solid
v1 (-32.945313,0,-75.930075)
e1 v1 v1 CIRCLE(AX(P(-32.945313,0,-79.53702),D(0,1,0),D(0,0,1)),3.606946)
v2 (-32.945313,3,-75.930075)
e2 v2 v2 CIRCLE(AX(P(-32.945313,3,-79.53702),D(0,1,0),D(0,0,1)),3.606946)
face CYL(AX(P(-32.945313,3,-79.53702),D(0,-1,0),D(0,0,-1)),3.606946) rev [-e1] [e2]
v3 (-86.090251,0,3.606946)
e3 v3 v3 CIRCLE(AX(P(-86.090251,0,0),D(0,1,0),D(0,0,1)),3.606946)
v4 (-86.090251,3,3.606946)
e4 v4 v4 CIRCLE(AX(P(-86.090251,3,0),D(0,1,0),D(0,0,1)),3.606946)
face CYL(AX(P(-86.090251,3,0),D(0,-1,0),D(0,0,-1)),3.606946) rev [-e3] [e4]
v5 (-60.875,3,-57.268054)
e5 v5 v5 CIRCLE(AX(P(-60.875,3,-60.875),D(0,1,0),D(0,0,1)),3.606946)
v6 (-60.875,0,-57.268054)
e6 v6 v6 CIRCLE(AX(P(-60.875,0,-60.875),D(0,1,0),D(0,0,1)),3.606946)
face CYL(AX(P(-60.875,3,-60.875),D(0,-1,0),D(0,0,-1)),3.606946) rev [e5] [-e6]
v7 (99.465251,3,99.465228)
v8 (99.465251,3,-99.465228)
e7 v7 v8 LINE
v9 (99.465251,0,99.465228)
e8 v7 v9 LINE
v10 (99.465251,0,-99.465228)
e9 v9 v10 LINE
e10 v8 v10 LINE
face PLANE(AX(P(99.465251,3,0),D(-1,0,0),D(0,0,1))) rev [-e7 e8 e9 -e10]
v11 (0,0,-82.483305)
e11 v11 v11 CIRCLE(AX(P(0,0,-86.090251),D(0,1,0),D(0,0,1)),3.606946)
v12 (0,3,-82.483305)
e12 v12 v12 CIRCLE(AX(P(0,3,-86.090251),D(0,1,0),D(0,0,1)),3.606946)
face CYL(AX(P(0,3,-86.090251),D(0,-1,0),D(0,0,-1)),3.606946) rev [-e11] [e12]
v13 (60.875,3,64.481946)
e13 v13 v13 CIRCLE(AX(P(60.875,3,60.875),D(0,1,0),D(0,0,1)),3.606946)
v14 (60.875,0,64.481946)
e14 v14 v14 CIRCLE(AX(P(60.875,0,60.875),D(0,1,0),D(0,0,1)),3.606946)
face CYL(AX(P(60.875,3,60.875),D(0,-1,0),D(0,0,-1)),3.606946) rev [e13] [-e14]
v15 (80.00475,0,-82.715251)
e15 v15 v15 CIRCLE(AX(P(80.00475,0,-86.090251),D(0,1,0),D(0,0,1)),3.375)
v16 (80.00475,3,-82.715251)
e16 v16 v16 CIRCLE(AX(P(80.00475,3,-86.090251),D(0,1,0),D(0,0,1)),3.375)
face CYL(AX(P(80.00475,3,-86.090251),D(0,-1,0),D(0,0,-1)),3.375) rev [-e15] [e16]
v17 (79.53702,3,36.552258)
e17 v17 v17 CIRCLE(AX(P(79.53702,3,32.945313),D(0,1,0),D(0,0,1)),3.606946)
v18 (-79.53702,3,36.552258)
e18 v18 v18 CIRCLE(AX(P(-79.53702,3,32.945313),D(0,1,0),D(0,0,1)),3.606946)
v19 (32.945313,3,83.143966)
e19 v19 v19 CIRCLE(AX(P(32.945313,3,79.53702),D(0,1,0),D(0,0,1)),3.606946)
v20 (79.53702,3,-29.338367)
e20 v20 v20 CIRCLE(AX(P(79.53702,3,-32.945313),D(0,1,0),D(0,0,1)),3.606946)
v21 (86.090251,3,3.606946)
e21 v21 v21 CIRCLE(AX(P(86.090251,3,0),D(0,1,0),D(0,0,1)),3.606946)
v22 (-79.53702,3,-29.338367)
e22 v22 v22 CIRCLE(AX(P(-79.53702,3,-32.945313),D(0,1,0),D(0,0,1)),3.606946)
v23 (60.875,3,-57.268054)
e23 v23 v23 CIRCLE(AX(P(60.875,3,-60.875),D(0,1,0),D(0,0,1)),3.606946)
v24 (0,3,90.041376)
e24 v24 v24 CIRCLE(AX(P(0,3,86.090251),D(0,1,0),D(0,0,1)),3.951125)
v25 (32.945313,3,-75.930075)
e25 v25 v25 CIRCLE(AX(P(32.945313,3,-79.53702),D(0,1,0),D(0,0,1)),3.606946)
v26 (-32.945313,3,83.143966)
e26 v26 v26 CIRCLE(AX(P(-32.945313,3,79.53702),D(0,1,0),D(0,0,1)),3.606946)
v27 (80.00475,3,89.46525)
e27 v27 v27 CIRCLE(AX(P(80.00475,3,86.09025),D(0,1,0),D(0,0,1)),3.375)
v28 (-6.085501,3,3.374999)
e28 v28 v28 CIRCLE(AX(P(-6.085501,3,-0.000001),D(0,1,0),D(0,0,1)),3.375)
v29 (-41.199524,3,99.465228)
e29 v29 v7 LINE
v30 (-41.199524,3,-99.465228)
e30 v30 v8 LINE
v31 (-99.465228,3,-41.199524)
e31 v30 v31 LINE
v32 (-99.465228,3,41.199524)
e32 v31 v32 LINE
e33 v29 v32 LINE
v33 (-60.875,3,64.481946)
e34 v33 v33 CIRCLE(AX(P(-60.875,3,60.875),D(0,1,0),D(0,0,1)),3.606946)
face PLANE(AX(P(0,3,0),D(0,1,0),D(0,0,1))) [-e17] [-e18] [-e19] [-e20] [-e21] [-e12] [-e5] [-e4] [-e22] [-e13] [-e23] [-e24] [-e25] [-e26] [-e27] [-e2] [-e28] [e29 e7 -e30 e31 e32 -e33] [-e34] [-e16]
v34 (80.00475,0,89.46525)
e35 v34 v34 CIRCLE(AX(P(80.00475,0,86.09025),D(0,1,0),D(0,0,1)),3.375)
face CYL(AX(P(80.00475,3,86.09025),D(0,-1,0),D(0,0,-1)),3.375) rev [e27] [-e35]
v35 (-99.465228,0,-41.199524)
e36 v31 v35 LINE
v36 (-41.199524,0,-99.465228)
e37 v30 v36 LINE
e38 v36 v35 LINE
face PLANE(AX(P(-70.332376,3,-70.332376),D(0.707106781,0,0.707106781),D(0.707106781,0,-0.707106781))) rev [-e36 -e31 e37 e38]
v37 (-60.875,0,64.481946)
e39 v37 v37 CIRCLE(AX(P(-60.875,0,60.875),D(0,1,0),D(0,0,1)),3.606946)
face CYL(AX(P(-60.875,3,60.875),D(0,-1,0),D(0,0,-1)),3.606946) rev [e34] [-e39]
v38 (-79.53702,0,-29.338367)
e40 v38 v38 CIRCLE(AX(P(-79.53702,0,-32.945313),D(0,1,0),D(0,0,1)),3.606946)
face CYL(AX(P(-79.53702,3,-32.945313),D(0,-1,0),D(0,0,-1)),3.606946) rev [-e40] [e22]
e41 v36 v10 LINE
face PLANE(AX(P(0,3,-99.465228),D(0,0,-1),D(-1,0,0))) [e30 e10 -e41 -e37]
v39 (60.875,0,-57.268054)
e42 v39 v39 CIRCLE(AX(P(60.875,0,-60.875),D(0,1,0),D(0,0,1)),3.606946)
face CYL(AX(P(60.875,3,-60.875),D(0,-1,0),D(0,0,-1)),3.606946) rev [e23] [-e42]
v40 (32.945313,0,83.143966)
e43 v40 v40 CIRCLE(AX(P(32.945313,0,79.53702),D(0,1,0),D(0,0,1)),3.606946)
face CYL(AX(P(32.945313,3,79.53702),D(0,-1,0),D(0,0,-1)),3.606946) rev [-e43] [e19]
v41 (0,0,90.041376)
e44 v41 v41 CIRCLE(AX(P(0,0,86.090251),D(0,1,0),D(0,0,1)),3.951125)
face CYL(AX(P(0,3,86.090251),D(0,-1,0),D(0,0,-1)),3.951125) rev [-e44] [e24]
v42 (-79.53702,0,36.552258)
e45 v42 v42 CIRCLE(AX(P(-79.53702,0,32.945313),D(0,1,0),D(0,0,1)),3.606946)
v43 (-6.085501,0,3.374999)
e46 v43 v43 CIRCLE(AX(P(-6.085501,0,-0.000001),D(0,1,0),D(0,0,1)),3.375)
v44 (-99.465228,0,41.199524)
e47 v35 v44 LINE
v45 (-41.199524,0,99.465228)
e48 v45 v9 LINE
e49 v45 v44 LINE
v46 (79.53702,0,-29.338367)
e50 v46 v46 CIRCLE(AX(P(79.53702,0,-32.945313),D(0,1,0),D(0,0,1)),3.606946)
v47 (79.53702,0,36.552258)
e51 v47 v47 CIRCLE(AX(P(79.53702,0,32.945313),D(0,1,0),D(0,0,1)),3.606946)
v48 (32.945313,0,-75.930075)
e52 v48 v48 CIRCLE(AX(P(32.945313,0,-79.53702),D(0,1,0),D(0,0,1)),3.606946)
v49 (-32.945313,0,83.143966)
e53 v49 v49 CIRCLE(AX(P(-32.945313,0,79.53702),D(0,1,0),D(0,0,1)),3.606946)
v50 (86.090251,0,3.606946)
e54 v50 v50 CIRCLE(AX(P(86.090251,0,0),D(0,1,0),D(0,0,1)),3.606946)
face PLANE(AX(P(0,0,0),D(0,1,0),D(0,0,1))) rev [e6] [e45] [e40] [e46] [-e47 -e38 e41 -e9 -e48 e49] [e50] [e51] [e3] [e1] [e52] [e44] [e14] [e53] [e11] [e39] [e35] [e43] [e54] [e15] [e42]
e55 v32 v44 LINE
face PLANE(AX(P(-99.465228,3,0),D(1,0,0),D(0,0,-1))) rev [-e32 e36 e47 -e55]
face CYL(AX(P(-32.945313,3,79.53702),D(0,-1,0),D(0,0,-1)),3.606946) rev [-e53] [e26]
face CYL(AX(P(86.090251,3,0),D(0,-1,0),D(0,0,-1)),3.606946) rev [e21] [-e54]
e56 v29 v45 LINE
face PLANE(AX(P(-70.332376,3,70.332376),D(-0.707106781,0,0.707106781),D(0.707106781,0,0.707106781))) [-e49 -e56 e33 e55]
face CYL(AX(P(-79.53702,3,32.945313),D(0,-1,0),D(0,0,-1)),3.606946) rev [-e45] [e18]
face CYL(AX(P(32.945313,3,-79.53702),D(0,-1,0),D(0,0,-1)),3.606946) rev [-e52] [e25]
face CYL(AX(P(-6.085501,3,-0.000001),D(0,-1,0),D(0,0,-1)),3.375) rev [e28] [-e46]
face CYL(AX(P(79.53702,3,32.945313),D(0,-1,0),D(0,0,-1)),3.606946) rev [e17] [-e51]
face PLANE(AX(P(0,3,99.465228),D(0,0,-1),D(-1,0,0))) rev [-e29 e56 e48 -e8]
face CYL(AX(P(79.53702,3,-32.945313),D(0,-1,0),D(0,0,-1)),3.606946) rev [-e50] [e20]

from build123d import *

# Parameters (mm, degrees)
SKETCH1_R           = 3.374999999
SKETCH1_R_2         = 3.375000001
SKETCH1_R_3         = 3.375000002
SKETCH1_R_4         = 3.606945722
SKETCH1_R_5         = 3.951125178
BOSS_EXTRUDE1_DEPTH = 3


with BuildPart() as part:
    # Sketch1 → Boss-Extrude1 (new body)
    with BuildSketch(Plane(origin=(0, 0, 0), x_dir=(1, 0, 0), z_dir=(0, 1, 0))):
        Polygon((-41.199524293, -99.465227688), (-99.465227688, -41.199524293), (-99.465250609, 41.199501372), (-41.199524293, 99.465227688), (99.465250609, 99.465227688), (99.465250609, -99.465227688), align=None)
        with Locations((80.004750061, 86.09025128)):
            Circle(SKETCH1_R, mode=Mode.SUBTRACT)
        with Locations((-6.085500548, 6.7e-07)):
            Circle(SKETCH1_R_2, mode=Mode.SUBTRACT)
        with Locations((80.004750061, -86.090249939)):
            Circle(SKETCH1_R_3, mode=Mode.SUBTRACT)
        with Locations((-79.537020487, -32.945312596)):
            Circle(SKETCH1_R_4, mode=Mode.SUBTRACT)
        with Locations((-60.875, -60.875)):
            Circle(SKETCH1_R_4, mode=Mode.SUBTRACT)
        with Locations((-32.945312596, -79.537020487)):
            Circle(SKETCH1_R_4, mode=Mode.SUBTRACT)
        with Locations((32.945312596, -79.537020487)):
            Circle(SKETCH1_R_4, mode=Mode.SUBTRACT)
        with Locations((60.875, -60.875)):
            Circle(SKETCH1_R_4, mode=Mode.SUBTRACT)
        with Locations((79.537020487, -32.945312596)):
            Circle(SKETCH1_R_4, mode=Mode.SUBTRACT)
        with Locations((86.090250609, 0)):
            Circle(SKETCH1_R_4, mode=Mode.SUBTRACT)
        with Locations((79.537020487, 32.945312596)):
            Circle(SKETCH1_R_4, mode=Mode.SUBTRACT)
        with Locations((60.875, 60.875)):
            Circle(SKETCH1_R_4, mode=Mode.SUBTRACT)
        with Locations((32.945312596, 79.537020487)):
            Circle(SKETCH1_R_4, mode=Mode.SUBTRACT)
        with Locations((0, 86.090250609)):
            Circle(SKETCH1_R_4, mode=Mode.SUBTRACT)
        with Locations((-32.945312596, 79.537020487)):
            Circle(SKETCH1_R_4, mode=Mode.SUBTRACT)
        with Locations((-60.875, 60.875)):
            Circle(SKETCH1_R_4, mode=Mode.SUBTRACT)
        with Locations((-79.537020487, 32.945312596)):
            Circle(SKETCH1_R_4, mode=Mode.SUBTRACT)
        with Locations((-86.090250609, 0)):
            Circle(SKETCH1_R_4, mode=Mode.SUBTRACT)
        with Locations((0, -86.090250609)):
            Circle(SKETCH1_R_5, mode=Mode.SUBTRACT)
    extrude(amount=BOSS_EXTRUDE1_DEPTH)


solid = part.part
